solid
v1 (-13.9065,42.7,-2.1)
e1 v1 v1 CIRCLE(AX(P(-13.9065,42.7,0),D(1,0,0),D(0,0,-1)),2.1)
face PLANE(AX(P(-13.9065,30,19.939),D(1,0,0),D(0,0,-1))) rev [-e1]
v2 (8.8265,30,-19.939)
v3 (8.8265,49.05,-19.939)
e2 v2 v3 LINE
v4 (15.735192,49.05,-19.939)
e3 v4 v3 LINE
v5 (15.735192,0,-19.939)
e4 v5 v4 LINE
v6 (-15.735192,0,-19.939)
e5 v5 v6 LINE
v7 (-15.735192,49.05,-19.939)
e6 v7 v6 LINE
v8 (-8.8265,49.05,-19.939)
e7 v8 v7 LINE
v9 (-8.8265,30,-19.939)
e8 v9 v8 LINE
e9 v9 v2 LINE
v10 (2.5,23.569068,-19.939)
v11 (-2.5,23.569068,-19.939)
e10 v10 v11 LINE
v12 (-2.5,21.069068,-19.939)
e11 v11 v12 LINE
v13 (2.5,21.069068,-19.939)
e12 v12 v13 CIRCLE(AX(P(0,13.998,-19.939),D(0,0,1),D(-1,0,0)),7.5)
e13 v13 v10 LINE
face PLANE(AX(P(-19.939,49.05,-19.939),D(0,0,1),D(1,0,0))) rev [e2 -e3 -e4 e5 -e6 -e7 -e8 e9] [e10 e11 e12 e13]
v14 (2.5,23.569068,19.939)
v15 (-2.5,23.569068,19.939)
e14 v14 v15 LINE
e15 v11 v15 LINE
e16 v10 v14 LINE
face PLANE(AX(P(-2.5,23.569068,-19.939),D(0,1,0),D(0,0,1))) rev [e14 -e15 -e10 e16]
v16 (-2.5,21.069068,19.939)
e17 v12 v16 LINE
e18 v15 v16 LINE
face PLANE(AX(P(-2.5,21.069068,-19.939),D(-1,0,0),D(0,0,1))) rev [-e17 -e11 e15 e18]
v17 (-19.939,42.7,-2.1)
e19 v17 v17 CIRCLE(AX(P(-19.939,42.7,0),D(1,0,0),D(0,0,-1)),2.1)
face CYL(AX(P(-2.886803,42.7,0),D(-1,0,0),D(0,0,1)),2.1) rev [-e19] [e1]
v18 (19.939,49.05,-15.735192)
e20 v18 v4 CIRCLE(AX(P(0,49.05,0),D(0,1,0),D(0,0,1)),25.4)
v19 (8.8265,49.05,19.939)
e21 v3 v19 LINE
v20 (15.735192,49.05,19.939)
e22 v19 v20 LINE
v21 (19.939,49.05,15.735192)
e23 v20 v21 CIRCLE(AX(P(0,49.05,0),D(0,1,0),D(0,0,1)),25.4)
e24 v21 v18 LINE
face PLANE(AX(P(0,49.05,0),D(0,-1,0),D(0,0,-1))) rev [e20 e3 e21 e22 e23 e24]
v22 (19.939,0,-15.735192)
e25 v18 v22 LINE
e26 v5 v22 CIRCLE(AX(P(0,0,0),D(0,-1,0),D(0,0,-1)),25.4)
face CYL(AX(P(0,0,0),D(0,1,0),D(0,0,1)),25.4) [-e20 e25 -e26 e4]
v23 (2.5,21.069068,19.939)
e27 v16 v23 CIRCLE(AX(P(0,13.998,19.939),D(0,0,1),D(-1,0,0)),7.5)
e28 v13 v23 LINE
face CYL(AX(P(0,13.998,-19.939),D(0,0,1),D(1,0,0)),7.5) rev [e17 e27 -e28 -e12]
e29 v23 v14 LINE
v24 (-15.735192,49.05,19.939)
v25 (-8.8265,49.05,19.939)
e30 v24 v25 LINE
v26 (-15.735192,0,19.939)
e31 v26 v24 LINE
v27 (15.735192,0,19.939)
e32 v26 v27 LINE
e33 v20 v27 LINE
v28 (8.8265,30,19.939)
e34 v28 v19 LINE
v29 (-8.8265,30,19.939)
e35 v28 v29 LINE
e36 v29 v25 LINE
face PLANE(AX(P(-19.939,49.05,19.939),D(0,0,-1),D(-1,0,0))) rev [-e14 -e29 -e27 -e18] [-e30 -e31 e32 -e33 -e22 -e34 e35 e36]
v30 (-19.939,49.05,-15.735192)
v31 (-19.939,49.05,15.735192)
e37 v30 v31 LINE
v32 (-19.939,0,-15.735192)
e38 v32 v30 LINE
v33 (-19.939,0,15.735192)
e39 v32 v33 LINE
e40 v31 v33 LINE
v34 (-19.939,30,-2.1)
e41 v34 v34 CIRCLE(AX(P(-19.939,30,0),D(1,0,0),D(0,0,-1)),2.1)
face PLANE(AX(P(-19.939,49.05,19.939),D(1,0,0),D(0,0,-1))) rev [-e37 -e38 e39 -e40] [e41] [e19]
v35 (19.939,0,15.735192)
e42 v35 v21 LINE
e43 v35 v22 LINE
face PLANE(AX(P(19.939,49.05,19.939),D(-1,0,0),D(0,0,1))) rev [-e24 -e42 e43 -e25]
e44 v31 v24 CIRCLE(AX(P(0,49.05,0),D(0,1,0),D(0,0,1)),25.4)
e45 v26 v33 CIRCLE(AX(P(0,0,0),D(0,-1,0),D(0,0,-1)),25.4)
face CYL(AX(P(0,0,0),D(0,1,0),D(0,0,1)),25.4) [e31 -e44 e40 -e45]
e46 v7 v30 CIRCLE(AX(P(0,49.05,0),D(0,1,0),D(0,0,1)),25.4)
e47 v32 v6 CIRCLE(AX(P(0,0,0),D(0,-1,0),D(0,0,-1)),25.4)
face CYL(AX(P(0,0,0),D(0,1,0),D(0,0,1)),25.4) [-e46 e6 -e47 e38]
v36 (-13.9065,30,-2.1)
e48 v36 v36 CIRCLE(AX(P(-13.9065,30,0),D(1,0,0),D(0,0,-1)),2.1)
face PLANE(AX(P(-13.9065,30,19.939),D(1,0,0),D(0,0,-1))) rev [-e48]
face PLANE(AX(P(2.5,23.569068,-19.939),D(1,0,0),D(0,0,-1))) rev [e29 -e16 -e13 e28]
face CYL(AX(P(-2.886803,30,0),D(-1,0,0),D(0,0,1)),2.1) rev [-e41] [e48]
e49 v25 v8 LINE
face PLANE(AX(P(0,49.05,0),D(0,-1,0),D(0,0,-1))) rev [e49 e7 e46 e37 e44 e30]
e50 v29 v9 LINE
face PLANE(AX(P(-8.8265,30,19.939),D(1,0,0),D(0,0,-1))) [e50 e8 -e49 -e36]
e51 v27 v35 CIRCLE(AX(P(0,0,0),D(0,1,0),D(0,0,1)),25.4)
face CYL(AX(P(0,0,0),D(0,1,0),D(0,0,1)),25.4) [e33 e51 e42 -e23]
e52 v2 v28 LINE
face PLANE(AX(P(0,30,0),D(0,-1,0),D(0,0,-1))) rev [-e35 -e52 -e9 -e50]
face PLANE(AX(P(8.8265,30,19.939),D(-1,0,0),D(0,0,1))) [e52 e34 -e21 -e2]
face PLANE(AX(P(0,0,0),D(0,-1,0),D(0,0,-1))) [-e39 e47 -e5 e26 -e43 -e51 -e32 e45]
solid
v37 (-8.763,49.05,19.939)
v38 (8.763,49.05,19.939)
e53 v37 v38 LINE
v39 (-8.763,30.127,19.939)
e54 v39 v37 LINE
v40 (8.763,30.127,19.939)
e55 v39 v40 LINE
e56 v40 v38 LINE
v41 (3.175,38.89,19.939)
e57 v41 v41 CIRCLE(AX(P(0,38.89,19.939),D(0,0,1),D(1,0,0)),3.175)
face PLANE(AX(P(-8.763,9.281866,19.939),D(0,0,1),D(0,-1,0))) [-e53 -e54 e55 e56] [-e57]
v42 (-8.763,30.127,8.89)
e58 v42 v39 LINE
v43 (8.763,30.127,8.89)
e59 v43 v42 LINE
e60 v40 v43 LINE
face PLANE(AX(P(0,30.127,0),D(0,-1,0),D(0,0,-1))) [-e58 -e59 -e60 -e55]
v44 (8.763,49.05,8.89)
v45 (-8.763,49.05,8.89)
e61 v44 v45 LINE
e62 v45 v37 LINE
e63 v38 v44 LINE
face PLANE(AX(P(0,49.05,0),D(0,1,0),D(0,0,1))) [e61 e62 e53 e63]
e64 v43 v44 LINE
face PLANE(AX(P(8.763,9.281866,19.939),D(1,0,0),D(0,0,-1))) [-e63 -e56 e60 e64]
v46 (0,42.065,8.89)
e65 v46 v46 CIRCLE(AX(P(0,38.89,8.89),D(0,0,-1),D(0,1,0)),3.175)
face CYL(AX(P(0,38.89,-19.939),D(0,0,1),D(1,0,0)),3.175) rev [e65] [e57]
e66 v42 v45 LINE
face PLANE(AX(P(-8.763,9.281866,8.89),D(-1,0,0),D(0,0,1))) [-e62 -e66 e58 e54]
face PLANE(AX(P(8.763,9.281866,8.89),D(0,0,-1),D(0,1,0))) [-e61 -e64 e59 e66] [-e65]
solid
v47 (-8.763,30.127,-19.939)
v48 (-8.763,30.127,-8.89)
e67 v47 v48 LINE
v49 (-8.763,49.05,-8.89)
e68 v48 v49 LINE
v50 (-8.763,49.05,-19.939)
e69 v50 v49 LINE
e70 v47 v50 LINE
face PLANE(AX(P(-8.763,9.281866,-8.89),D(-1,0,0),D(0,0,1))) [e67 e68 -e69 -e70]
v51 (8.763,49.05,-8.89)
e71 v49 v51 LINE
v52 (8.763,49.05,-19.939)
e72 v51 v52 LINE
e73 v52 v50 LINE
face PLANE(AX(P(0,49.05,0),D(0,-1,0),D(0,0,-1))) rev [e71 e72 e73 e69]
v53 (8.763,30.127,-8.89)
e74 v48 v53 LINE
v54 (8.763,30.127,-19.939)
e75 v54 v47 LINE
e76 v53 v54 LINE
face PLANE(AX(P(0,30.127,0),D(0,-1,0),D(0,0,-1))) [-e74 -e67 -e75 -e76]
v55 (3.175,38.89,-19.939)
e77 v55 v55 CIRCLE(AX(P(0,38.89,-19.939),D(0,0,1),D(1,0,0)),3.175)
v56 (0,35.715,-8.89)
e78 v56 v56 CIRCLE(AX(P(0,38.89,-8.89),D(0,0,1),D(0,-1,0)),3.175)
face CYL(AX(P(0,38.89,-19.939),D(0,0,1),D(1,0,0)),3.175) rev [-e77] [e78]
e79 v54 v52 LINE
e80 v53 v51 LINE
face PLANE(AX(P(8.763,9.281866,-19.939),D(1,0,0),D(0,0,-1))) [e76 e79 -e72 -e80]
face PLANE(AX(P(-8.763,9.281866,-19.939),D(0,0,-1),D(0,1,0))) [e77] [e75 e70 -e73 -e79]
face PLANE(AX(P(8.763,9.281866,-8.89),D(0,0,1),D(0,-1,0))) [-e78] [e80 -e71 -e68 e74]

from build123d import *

# Parameters (mm, degrees)
SKETCH1_W             = 39.878
SKETCH1_H             = 39.878
BOSS_EXTRUDE1_DEPTH   = 49.05
SKETCH2_W             = 17.653
SKETCH2_H             = 39.878
CUT_EXTRUDE1_DEPTH    = 19.05
SKETCH4_R             = 30.48
SKETCH4_R_2           = 25.4
CUT_EXTRUDE3_DEPTH    = 57.57764525
CUT_EXTRUDE5_DEPTH    = 67.285149958
SKETCH7_W             = 17.526
SKETCH7_H             = 11.049
BOSS_EXTRUDE2_DEPTH   = 18.923
BOSS_EXTRUDE2_2_DEPTH = 18.923
SKETCH8_R             = 3.175
CUT_EXTRUDE6_DEPTH    = 67.285149958
SKETCH9_R             = 2.1
CUT_EXTRUDE7_DEPTH    = 6.0325


with BuildPart() as part:
    # Sketch1 → Boss-Extrude1 (new body)
    with BuildSketch(Plane(origin=(0, 0, 0), x_dir=(1, 0, 0), z_dir=(0, 1, 0))):
        Rectangle(SKETCH1_W, SKETCH1_H)
    extrude(amount=BOSS_EXTRUDE1_DEPTH)

    # Sketch2 → Cut-Extrude1 (cut)
    with BuildSketch(Plane.XZ.offset(-49.05)):
        Rectangle(SKETCH2_W, SKETCH2_H)
    extrude(amount=CUT_EXTRUDE1_DEPTH, mode=Mode.SUBTRACT)

    # Sketch4 → Cut-Extrude3 (cut, through all)
    with BuildSketch(Plane(origin=(0, 49.05, 0), x_dir=(1, 0, 0), z_dir=(0, 1, 0))):
        Circle(SKETCH4_R)
        Circle(SKETCH4_R_2, mode=Mode.SUBTRACT)
    extrude(amount=-CUT_EXTRUDE3_DEPTH, mode=Mode.SUBTRACT)

    # Sketch6 → Cut-Extrude5 (cut, through all)
    with BuildSketch(Plane.XY.offset(19.939)):
        with BuildLine():
            Line((-2.5, 21.069067812), (-2.5, 23.569067812))
            Line((-2.5, 23.569067812), (2.5, 23.569067812))
            Line((2.5, 23.569067812), (2.5, 21.069067812))
            ThreePointArc((2.5, 21.069067812), (0, 6.498), (-2.5, 21.069067812))
        make_face()
    extrude(amount=-CUT_EXTRUDE5_DEPTH, mode=Mode.SUBTRACT)

    # Sketch9 → Cut-Extrude7 (cut)
    with BuildSketch(Plane(origin=(-19.939, 0, 0), x_dir=(0, 0, -1), z_dir=(1, 0, 0))):
        with Locations((0, 42.7)):
            Circle(SKETCH9_R)
        with Locations((0, 30)):
            Circle(SKETCH9_R)
    extrude(amount=CUT_EXTRUDE7_DEPTH, mode=Mode.SUBTRACT)


with BuildPart() as body_2:
    # Sketch7 → Boss-Extrude2 (new body)
    with BuildSketch(Plane(origin=(0, 49.05, 0), x_dir=(1, 0, 0), z_dir=(0, 1, 0))):
        with Locations((0, -14.4145)):
            Rectangle(SKETCH7_W, SKETCH7_H)
    extrude(amount=-BOSS_EXTRUDE2_DEPTH)


with BuildPart() as body_3:
    # Sketch7 → Boss-Extrude2 2 (new body)
    with BuildSketch(Plane(origin=(0, 49.05, 0), x_dir=(1, 0, 0), z_dir=(0, 1, 0))):
        with Locations((0, 14.4145)):
            Rectangle(SKETCH7_W, SKETCH7_H)
    extrude(amount=-BOSS_EXTRUDE2_2_DEPTH)


with BuildPart() as cut_extrude6_tool:
    # Sketch8 → Cut-Extrude6 (new, through all)
    with BuildSketch(Plane.XY.offset(19.939)):
        with Locations((0, 38.89)):
            Circle(SKETCH8_R)
    extrude(amount=-CUT_EXTRUDE6_DEPTH)


with BuildPart() as body_2_1:
    add(body_2.part)

    # Cut-Extrude6: cut by cut_extrude6_tool
    add(cut_extrude6_tool.part, mode=Mode.SUBTRACT)


with BuildPart() as body_3_1:
    add(body_3.part)

    # Cut-Extrude6: cut by cut_extrude6_tool
    add(cut_extrude6_tool.part, mode=Mode.SUBTRACT)


solid = Compound([part.part, body_2_1.part, body_3_1.part])
